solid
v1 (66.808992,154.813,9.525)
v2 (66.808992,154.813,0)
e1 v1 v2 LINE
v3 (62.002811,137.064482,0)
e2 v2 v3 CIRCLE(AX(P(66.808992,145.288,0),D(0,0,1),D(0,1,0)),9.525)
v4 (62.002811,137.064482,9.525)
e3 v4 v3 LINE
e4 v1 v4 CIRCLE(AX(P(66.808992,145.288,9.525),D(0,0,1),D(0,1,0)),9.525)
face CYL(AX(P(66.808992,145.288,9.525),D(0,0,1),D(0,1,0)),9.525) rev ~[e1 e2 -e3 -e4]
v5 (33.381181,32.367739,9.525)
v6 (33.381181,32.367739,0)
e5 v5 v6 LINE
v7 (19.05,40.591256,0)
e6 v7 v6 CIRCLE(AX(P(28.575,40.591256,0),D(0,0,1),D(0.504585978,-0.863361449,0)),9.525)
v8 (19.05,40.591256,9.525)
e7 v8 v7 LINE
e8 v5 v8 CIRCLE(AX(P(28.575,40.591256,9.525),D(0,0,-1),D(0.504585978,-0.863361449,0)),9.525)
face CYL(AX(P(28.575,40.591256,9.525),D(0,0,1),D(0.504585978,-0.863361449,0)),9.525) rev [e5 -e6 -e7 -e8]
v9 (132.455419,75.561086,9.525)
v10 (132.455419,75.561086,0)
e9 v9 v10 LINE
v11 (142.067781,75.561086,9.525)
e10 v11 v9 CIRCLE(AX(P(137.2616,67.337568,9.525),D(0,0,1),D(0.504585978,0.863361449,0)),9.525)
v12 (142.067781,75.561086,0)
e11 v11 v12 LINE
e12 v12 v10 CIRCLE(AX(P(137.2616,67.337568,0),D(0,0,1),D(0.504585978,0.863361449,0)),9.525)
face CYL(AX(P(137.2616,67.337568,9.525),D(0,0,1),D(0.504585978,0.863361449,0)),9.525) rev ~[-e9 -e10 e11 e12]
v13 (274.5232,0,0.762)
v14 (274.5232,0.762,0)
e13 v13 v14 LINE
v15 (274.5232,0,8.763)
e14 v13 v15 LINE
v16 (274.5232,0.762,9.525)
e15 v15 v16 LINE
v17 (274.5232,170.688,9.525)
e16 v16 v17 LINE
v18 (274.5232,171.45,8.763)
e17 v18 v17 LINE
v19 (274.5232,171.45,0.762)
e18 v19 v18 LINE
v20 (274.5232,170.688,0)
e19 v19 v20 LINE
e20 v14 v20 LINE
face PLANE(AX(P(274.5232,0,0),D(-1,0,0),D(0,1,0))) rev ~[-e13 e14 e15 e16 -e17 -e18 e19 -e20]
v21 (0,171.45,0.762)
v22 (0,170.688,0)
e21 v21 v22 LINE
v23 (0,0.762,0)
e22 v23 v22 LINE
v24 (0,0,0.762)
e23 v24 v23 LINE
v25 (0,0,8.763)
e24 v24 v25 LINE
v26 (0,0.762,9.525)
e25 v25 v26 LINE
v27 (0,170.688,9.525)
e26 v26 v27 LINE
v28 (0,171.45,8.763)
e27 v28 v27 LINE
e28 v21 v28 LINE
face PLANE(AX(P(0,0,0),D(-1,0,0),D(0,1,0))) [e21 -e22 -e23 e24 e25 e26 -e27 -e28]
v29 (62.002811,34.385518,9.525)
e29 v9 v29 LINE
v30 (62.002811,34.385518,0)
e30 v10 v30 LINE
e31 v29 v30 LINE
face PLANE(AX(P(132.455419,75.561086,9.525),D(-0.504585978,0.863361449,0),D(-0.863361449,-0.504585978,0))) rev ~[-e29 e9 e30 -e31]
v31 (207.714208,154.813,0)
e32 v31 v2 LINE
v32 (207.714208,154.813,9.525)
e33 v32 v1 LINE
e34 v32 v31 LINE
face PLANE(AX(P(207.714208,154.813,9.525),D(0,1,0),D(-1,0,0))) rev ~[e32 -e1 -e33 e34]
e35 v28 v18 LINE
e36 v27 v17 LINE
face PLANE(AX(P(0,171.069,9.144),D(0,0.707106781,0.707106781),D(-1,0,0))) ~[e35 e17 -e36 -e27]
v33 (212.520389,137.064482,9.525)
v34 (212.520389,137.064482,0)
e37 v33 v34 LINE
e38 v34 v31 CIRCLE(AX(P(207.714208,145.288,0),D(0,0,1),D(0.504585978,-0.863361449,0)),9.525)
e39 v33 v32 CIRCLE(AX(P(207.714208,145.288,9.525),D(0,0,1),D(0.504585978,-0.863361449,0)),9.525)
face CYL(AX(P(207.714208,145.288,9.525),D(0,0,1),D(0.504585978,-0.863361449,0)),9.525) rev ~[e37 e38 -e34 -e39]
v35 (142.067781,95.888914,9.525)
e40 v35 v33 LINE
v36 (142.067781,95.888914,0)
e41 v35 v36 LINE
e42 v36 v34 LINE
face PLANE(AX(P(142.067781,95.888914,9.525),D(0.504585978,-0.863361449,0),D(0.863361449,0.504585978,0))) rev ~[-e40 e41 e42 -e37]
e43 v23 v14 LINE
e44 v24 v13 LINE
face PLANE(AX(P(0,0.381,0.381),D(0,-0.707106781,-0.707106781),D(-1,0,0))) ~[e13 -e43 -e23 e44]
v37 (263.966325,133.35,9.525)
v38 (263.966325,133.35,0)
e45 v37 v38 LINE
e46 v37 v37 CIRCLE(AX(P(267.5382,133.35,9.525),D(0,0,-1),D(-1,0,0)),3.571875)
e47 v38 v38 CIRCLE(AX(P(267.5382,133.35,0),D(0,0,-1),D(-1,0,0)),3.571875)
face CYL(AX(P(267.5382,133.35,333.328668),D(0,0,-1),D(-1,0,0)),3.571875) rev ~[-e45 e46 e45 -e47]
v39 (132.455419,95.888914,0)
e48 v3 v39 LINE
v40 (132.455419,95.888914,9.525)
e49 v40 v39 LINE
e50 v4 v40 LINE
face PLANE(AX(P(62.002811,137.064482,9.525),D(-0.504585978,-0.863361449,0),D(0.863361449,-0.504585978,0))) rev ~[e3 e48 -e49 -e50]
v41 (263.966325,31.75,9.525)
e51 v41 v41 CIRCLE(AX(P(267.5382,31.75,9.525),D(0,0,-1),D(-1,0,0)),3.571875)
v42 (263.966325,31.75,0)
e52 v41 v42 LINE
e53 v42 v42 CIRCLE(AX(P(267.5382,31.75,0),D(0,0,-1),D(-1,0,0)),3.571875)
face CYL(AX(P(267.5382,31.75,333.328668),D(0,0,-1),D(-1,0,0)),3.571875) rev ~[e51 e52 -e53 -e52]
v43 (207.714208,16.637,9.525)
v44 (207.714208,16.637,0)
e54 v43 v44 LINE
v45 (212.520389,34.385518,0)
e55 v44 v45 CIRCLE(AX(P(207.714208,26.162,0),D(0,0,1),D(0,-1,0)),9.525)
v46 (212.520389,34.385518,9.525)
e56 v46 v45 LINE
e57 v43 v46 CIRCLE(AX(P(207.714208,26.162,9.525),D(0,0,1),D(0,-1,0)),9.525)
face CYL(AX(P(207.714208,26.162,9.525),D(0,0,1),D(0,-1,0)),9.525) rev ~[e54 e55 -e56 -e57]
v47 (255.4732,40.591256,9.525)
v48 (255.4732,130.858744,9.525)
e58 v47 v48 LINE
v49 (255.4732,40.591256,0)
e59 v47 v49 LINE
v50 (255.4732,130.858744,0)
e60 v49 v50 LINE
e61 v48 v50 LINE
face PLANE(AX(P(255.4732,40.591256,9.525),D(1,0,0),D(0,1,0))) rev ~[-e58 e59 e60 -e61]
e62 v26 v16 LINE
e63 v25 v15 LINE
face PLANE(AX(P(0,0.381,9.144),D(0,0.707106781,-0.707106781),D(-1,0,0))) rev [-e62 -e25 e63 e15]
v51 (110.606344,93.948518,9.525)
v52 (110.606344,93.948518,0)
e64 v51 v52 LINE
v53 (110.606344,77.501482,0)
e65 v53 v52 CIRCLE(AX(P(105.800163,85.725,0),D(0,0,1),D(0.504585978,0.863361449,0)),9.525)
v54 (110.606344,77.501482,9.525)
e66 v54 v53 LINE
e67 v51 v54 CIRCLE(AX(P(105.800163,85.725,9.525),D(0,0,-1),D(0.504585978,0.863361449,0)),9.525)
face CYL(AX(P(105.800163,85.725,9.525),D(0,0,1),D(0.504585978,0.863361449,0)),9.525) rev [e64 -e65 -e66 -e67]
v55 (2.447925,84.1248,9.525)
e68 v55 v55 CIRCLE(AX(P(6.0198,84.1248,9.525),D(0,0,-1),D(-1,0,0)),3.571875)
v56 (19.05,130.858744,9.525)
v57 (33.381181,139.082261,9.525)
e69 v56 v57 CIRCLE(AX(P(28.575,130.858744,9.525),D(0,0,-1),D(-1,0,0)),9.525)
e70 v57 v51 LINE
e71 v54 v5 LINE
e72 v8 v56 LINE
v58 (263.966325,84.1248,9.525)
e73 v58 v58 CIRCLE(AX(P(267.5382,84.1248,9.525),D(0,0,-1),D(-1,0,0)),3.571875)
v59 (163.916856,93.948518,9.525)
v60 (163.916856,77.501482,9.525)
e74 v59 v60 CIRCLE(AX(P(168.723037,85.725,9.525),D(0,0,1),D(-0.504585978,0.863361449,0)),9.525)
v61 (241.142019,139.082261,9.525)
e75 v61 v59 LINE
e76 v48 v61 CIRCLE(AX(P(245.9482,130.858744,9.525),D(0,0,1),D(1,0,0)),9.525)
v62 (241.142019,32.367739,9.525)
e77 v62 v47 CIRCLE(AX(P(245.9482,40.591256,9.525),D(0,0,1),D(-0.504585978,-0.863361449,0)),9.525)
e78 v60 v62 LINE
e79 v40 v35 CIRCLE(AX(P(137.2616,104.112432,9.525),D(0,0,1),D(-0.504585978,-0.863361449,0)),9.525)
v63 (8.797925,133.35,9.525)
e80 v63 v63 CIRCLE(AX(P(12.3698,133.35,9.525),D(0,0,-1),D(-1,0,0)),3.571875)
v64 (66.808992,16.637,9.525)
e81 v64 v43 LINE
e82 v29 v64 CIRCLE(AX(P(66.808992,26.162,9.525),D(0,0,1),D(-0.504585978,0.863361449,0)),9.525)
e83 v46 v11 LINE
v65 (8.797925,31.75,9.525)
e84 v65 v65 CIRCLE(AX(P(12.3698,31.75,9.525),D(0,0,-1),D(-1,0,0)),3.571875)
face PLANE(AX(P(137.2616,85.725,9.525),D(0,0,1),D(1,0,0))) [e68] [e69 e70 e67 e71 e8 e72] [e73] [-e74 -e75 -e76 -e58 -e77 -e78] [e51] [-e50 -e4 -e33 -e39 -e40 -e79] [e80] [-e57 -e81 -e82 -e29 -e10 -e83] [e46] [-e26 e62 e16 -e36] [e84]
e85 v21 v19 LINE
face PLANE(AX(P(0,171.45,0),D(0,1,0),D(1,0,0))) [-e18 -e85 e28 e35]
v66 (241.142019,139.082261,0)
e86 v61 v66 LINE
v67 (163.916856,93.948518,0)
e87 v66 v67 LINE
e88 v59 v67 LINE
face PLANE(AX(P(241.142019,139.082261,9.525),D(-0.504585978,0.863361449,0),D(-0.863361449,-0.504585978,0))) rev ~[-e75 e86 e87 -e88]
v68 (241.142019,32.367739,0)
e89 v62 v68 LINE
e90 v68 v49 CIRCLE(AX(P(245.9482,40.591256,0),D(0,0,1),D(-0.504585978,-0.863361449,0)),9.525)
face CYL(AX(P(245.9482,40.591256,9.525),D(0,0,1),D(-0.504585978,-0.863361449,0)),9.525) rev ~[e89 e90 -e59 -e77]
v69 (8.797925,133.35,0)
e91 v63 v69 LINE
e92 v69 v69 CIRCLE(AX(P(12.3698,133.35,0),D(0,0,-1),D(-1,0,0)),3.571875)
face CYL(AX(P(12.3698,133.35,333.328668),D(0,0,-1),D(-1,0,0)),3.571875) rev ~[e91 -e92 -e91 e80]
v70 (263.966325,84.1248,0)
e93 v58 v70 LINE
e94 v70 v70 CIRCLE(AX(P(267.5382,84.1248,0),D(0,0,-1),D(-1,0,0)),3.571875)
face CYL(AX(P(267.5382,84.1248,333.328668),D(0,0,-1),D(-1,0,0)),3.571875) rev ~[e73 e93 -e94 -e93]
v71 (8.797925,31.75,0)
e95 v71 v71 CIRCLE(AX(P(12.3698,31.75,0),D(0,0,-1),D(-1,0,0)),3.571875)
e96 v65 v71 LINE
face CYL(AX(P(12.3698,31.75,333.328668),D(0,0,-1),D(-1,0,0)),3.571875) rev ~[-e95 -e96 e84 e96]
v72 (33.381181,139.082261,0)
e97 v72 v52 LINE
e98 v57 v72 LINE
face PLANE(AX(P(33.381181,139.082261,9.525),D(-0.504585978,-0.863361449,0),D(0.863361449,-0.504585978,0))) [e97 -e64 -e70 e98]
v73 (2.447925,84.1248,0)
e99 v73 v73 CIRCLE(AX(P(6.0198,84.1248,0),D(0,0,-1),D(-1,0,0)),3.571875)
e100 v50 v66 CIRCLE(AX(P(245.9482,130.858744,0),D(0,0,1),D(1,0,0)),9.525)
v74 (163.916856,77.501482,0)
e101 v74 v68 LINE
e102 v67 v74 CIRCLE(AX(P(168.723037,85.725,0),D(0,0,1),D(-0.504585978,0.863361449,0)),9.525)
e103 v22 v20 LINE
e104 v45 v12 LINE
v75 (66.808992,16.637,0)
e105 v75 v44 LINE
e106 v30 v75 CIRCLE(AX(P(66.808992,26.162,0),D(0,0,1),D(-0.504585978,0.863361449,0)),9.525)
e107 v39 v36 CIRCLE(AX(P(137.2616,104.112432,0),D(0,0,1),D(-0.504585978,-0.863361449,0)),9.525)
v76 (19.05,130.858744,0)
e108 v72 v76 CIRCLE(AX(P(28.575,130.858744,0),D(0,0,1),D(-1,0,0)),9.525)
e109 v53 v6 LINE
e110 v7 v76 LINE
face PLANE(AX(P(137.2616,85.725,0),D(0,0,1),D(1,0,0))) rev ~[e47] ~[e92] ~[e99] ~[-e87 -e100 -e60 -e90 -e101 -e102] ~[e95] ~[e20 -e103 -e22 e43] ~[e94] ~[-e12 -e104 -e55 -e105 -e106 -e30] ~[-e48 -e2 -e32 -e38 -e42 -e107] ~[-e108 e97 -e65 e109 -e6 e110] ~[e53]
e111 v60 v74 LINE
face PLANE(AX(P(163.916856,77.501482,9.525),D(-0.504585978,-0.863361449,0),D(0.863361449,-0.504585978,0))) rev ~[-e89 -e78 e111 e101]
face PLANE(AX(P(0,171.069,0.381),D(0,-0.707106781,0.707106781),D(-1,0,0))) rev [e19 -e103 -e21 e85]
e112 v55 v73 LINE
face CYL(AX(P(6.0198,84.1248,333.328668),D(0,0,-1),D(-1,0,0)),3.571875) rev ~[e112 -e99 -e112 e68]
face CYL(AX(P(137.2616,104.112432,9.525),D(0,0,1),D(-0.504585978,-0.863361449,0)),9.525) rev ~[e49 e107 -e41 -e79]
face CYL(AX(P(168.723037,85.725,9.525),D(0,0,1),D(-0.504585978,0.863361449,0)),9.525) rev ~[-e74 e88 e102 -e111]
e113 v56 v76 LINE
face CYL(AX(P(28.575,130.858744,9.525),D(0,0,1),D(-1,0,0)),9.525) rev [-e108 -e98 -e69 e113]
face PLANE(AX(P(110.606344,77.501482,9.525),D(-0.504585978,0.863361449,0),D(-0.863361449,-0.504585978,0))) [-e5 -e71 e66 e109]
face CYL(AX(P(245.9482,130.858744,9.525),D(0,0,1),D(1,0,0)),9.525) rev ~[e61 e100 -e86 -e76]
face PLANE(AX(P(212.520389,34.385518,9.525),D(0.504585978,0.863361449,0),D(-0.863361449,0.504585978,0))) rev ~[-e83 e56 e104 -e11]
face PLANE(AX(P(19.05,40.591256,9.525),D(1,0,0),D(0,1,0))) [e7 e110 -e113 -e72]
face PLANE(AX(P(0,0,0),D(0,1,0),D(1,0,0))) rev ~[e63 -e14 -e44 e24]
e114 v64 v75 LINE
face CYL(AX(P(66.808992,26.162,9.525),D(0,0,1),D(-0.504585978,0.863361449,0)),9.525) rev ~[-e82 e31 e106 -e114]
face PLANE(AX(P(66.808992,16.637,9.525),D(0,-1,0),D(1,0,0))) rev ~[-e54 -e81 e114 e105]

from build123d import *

# Parameters (mm, degrees)
SKETCH1_W                       = 274.5232
SKETCH1_H                       = 171.45
BOSS_EXTRUDE1_DEPTH             = 9.525
F_9_32_0_28125_DIAMETER_HOLE1_D = 7.14375
CHAMFER1_SIZE                   = 0.762
CUT_EXTRUDE1_DEPTH              = 10.525


with BuildPart() as part:
    # Sketch1 → Boss-Extrude1 (new body)
    with BuildSketch(Plane.XY):
        with Locations((137.2616, 85.725)):
            Rectangle(SKETCH1_W, SKETCH1_H)
    extrude(amount=BOSS_EXTRUDE1_DEPTH)

    # 9/32 (0.28125) Diameter Hole1 (through all)
    with Locations(Plane.XY.offset(9.525)):
        with Locations((6.0198, 84.1248), (12.3698, 133.35), (12.3698, 31.75), (267.5382, 133.35), (267.5382, 84.1248), (267.5382, 31.75)):
            Hole(F_9_32_0_28125_DIAMETER_HOLE1_D / 2)

    # Chamfer1
    chamfer1_edges = [part.edges().sort_by_distance(p)[0] for p in [
        (137.2616, 171.45, 9.525),
        (137.2616, 171.45, 0),
        (137.2616, 0, 0),
        (137.2616, 0, 9.525),
    ]]
    chamfer(chamfer1_edges, length=CHAMFER1_SIZE)

    # Sketch6 → Cut-Extrude1 (cut, through all)
    with BuildSketch(Plane.XY.offset(9.525)):
        with BuildLine():
            Line((33.381181438, 139.082261479), (110.606344338, 93.948517799))
            ThreePointArc((110.606344338, 93.948517799), (115.325162901, 85.725), (110.606344338, 77.501482201))
            Line((110.606344338, 77.501482201), (33.381181438, 32.367738521))
            ThreePointArc((33.381181438, 32.367738521), (23.834391031, 32.329764227), (19.05, 40.591256319))
            Line((19.05, 40.591256319), (19.05, 130.858743681))
            ThreePointArc((19.05, 130.858743681), (23.834391031, 139.120235773), (33.381181438, 139.082261479))
        make_face()
        with BuildLine():
            Line((62.002810809, 137.064482201), (132.455418562, 95.888914284))
            ThreePointArc((132.455418562, 95.888914284), (137.2616, 94.587432082), (142.067781438, 95.888914284))
            Line((142.067781438, 95.888914284), (212.520389191, 137.064482201))
            ThreePointArc((212.520389191, 137.064482201), (216.908081584, 147.777640332), (207.714207753, 154.813))
            Line((207.714207753, 154.813), (66.808992247, 154.813))
            ThreePointArc((66.808992247, 154.813), (57.615118416, 147.777640332), (62.002810809, 137.064482201))
        make_face()
        with BuildLine():
            Line((241.142018562, 139.082261479), (163.916855662, 93.948517799))
            ThreePointArc((163.916855662, 93.948517799), (159.198037099, 85.725), (163.916855662, 77.501482201))
            Line((163.916855662, 77.501482201), (241.142018562, 32.367738521))
            ThreePointArc((241.142018562, 32.367738521), (250.688808969, 32.329764227), (255.4732, 40.591256319))
            Line((255.4732, 40.591256319), (255.4732, 130.858743681))
            ThreePointArc((255.4732, 130.858743681), (250.688808969, 139.120235773), (241.142018562, 139.082261479))
        make_face()
        with BuildLine():
            Line((66.808992247, 16.637), (207.714207753, 16.637))
            ThreePointArc((207.714207753, 16.637), (216.908081584, 23.672359668), (212.520389191, 34.385517799))
            Line((212.520389191, 34.385517799), (142.067781438, 75.561085716))
            ThreePointArc((142.067781438, 75.561085716), (137.2616, 76.862567918), (132.455418562, 75.561085716))
            Line((132.455418562, 75.561085716), (62.002810809, 34.385517799))
            ThreePointArc((62.002810809, 34.385517799), (57.615118416, 23.672359668), (66.808992247, 16.637))
        make_face()
    extrude(amount=-CUT_EXTRUDE1_DEPTH, mode=Mode.SUBTRACT)


solid = part.part
